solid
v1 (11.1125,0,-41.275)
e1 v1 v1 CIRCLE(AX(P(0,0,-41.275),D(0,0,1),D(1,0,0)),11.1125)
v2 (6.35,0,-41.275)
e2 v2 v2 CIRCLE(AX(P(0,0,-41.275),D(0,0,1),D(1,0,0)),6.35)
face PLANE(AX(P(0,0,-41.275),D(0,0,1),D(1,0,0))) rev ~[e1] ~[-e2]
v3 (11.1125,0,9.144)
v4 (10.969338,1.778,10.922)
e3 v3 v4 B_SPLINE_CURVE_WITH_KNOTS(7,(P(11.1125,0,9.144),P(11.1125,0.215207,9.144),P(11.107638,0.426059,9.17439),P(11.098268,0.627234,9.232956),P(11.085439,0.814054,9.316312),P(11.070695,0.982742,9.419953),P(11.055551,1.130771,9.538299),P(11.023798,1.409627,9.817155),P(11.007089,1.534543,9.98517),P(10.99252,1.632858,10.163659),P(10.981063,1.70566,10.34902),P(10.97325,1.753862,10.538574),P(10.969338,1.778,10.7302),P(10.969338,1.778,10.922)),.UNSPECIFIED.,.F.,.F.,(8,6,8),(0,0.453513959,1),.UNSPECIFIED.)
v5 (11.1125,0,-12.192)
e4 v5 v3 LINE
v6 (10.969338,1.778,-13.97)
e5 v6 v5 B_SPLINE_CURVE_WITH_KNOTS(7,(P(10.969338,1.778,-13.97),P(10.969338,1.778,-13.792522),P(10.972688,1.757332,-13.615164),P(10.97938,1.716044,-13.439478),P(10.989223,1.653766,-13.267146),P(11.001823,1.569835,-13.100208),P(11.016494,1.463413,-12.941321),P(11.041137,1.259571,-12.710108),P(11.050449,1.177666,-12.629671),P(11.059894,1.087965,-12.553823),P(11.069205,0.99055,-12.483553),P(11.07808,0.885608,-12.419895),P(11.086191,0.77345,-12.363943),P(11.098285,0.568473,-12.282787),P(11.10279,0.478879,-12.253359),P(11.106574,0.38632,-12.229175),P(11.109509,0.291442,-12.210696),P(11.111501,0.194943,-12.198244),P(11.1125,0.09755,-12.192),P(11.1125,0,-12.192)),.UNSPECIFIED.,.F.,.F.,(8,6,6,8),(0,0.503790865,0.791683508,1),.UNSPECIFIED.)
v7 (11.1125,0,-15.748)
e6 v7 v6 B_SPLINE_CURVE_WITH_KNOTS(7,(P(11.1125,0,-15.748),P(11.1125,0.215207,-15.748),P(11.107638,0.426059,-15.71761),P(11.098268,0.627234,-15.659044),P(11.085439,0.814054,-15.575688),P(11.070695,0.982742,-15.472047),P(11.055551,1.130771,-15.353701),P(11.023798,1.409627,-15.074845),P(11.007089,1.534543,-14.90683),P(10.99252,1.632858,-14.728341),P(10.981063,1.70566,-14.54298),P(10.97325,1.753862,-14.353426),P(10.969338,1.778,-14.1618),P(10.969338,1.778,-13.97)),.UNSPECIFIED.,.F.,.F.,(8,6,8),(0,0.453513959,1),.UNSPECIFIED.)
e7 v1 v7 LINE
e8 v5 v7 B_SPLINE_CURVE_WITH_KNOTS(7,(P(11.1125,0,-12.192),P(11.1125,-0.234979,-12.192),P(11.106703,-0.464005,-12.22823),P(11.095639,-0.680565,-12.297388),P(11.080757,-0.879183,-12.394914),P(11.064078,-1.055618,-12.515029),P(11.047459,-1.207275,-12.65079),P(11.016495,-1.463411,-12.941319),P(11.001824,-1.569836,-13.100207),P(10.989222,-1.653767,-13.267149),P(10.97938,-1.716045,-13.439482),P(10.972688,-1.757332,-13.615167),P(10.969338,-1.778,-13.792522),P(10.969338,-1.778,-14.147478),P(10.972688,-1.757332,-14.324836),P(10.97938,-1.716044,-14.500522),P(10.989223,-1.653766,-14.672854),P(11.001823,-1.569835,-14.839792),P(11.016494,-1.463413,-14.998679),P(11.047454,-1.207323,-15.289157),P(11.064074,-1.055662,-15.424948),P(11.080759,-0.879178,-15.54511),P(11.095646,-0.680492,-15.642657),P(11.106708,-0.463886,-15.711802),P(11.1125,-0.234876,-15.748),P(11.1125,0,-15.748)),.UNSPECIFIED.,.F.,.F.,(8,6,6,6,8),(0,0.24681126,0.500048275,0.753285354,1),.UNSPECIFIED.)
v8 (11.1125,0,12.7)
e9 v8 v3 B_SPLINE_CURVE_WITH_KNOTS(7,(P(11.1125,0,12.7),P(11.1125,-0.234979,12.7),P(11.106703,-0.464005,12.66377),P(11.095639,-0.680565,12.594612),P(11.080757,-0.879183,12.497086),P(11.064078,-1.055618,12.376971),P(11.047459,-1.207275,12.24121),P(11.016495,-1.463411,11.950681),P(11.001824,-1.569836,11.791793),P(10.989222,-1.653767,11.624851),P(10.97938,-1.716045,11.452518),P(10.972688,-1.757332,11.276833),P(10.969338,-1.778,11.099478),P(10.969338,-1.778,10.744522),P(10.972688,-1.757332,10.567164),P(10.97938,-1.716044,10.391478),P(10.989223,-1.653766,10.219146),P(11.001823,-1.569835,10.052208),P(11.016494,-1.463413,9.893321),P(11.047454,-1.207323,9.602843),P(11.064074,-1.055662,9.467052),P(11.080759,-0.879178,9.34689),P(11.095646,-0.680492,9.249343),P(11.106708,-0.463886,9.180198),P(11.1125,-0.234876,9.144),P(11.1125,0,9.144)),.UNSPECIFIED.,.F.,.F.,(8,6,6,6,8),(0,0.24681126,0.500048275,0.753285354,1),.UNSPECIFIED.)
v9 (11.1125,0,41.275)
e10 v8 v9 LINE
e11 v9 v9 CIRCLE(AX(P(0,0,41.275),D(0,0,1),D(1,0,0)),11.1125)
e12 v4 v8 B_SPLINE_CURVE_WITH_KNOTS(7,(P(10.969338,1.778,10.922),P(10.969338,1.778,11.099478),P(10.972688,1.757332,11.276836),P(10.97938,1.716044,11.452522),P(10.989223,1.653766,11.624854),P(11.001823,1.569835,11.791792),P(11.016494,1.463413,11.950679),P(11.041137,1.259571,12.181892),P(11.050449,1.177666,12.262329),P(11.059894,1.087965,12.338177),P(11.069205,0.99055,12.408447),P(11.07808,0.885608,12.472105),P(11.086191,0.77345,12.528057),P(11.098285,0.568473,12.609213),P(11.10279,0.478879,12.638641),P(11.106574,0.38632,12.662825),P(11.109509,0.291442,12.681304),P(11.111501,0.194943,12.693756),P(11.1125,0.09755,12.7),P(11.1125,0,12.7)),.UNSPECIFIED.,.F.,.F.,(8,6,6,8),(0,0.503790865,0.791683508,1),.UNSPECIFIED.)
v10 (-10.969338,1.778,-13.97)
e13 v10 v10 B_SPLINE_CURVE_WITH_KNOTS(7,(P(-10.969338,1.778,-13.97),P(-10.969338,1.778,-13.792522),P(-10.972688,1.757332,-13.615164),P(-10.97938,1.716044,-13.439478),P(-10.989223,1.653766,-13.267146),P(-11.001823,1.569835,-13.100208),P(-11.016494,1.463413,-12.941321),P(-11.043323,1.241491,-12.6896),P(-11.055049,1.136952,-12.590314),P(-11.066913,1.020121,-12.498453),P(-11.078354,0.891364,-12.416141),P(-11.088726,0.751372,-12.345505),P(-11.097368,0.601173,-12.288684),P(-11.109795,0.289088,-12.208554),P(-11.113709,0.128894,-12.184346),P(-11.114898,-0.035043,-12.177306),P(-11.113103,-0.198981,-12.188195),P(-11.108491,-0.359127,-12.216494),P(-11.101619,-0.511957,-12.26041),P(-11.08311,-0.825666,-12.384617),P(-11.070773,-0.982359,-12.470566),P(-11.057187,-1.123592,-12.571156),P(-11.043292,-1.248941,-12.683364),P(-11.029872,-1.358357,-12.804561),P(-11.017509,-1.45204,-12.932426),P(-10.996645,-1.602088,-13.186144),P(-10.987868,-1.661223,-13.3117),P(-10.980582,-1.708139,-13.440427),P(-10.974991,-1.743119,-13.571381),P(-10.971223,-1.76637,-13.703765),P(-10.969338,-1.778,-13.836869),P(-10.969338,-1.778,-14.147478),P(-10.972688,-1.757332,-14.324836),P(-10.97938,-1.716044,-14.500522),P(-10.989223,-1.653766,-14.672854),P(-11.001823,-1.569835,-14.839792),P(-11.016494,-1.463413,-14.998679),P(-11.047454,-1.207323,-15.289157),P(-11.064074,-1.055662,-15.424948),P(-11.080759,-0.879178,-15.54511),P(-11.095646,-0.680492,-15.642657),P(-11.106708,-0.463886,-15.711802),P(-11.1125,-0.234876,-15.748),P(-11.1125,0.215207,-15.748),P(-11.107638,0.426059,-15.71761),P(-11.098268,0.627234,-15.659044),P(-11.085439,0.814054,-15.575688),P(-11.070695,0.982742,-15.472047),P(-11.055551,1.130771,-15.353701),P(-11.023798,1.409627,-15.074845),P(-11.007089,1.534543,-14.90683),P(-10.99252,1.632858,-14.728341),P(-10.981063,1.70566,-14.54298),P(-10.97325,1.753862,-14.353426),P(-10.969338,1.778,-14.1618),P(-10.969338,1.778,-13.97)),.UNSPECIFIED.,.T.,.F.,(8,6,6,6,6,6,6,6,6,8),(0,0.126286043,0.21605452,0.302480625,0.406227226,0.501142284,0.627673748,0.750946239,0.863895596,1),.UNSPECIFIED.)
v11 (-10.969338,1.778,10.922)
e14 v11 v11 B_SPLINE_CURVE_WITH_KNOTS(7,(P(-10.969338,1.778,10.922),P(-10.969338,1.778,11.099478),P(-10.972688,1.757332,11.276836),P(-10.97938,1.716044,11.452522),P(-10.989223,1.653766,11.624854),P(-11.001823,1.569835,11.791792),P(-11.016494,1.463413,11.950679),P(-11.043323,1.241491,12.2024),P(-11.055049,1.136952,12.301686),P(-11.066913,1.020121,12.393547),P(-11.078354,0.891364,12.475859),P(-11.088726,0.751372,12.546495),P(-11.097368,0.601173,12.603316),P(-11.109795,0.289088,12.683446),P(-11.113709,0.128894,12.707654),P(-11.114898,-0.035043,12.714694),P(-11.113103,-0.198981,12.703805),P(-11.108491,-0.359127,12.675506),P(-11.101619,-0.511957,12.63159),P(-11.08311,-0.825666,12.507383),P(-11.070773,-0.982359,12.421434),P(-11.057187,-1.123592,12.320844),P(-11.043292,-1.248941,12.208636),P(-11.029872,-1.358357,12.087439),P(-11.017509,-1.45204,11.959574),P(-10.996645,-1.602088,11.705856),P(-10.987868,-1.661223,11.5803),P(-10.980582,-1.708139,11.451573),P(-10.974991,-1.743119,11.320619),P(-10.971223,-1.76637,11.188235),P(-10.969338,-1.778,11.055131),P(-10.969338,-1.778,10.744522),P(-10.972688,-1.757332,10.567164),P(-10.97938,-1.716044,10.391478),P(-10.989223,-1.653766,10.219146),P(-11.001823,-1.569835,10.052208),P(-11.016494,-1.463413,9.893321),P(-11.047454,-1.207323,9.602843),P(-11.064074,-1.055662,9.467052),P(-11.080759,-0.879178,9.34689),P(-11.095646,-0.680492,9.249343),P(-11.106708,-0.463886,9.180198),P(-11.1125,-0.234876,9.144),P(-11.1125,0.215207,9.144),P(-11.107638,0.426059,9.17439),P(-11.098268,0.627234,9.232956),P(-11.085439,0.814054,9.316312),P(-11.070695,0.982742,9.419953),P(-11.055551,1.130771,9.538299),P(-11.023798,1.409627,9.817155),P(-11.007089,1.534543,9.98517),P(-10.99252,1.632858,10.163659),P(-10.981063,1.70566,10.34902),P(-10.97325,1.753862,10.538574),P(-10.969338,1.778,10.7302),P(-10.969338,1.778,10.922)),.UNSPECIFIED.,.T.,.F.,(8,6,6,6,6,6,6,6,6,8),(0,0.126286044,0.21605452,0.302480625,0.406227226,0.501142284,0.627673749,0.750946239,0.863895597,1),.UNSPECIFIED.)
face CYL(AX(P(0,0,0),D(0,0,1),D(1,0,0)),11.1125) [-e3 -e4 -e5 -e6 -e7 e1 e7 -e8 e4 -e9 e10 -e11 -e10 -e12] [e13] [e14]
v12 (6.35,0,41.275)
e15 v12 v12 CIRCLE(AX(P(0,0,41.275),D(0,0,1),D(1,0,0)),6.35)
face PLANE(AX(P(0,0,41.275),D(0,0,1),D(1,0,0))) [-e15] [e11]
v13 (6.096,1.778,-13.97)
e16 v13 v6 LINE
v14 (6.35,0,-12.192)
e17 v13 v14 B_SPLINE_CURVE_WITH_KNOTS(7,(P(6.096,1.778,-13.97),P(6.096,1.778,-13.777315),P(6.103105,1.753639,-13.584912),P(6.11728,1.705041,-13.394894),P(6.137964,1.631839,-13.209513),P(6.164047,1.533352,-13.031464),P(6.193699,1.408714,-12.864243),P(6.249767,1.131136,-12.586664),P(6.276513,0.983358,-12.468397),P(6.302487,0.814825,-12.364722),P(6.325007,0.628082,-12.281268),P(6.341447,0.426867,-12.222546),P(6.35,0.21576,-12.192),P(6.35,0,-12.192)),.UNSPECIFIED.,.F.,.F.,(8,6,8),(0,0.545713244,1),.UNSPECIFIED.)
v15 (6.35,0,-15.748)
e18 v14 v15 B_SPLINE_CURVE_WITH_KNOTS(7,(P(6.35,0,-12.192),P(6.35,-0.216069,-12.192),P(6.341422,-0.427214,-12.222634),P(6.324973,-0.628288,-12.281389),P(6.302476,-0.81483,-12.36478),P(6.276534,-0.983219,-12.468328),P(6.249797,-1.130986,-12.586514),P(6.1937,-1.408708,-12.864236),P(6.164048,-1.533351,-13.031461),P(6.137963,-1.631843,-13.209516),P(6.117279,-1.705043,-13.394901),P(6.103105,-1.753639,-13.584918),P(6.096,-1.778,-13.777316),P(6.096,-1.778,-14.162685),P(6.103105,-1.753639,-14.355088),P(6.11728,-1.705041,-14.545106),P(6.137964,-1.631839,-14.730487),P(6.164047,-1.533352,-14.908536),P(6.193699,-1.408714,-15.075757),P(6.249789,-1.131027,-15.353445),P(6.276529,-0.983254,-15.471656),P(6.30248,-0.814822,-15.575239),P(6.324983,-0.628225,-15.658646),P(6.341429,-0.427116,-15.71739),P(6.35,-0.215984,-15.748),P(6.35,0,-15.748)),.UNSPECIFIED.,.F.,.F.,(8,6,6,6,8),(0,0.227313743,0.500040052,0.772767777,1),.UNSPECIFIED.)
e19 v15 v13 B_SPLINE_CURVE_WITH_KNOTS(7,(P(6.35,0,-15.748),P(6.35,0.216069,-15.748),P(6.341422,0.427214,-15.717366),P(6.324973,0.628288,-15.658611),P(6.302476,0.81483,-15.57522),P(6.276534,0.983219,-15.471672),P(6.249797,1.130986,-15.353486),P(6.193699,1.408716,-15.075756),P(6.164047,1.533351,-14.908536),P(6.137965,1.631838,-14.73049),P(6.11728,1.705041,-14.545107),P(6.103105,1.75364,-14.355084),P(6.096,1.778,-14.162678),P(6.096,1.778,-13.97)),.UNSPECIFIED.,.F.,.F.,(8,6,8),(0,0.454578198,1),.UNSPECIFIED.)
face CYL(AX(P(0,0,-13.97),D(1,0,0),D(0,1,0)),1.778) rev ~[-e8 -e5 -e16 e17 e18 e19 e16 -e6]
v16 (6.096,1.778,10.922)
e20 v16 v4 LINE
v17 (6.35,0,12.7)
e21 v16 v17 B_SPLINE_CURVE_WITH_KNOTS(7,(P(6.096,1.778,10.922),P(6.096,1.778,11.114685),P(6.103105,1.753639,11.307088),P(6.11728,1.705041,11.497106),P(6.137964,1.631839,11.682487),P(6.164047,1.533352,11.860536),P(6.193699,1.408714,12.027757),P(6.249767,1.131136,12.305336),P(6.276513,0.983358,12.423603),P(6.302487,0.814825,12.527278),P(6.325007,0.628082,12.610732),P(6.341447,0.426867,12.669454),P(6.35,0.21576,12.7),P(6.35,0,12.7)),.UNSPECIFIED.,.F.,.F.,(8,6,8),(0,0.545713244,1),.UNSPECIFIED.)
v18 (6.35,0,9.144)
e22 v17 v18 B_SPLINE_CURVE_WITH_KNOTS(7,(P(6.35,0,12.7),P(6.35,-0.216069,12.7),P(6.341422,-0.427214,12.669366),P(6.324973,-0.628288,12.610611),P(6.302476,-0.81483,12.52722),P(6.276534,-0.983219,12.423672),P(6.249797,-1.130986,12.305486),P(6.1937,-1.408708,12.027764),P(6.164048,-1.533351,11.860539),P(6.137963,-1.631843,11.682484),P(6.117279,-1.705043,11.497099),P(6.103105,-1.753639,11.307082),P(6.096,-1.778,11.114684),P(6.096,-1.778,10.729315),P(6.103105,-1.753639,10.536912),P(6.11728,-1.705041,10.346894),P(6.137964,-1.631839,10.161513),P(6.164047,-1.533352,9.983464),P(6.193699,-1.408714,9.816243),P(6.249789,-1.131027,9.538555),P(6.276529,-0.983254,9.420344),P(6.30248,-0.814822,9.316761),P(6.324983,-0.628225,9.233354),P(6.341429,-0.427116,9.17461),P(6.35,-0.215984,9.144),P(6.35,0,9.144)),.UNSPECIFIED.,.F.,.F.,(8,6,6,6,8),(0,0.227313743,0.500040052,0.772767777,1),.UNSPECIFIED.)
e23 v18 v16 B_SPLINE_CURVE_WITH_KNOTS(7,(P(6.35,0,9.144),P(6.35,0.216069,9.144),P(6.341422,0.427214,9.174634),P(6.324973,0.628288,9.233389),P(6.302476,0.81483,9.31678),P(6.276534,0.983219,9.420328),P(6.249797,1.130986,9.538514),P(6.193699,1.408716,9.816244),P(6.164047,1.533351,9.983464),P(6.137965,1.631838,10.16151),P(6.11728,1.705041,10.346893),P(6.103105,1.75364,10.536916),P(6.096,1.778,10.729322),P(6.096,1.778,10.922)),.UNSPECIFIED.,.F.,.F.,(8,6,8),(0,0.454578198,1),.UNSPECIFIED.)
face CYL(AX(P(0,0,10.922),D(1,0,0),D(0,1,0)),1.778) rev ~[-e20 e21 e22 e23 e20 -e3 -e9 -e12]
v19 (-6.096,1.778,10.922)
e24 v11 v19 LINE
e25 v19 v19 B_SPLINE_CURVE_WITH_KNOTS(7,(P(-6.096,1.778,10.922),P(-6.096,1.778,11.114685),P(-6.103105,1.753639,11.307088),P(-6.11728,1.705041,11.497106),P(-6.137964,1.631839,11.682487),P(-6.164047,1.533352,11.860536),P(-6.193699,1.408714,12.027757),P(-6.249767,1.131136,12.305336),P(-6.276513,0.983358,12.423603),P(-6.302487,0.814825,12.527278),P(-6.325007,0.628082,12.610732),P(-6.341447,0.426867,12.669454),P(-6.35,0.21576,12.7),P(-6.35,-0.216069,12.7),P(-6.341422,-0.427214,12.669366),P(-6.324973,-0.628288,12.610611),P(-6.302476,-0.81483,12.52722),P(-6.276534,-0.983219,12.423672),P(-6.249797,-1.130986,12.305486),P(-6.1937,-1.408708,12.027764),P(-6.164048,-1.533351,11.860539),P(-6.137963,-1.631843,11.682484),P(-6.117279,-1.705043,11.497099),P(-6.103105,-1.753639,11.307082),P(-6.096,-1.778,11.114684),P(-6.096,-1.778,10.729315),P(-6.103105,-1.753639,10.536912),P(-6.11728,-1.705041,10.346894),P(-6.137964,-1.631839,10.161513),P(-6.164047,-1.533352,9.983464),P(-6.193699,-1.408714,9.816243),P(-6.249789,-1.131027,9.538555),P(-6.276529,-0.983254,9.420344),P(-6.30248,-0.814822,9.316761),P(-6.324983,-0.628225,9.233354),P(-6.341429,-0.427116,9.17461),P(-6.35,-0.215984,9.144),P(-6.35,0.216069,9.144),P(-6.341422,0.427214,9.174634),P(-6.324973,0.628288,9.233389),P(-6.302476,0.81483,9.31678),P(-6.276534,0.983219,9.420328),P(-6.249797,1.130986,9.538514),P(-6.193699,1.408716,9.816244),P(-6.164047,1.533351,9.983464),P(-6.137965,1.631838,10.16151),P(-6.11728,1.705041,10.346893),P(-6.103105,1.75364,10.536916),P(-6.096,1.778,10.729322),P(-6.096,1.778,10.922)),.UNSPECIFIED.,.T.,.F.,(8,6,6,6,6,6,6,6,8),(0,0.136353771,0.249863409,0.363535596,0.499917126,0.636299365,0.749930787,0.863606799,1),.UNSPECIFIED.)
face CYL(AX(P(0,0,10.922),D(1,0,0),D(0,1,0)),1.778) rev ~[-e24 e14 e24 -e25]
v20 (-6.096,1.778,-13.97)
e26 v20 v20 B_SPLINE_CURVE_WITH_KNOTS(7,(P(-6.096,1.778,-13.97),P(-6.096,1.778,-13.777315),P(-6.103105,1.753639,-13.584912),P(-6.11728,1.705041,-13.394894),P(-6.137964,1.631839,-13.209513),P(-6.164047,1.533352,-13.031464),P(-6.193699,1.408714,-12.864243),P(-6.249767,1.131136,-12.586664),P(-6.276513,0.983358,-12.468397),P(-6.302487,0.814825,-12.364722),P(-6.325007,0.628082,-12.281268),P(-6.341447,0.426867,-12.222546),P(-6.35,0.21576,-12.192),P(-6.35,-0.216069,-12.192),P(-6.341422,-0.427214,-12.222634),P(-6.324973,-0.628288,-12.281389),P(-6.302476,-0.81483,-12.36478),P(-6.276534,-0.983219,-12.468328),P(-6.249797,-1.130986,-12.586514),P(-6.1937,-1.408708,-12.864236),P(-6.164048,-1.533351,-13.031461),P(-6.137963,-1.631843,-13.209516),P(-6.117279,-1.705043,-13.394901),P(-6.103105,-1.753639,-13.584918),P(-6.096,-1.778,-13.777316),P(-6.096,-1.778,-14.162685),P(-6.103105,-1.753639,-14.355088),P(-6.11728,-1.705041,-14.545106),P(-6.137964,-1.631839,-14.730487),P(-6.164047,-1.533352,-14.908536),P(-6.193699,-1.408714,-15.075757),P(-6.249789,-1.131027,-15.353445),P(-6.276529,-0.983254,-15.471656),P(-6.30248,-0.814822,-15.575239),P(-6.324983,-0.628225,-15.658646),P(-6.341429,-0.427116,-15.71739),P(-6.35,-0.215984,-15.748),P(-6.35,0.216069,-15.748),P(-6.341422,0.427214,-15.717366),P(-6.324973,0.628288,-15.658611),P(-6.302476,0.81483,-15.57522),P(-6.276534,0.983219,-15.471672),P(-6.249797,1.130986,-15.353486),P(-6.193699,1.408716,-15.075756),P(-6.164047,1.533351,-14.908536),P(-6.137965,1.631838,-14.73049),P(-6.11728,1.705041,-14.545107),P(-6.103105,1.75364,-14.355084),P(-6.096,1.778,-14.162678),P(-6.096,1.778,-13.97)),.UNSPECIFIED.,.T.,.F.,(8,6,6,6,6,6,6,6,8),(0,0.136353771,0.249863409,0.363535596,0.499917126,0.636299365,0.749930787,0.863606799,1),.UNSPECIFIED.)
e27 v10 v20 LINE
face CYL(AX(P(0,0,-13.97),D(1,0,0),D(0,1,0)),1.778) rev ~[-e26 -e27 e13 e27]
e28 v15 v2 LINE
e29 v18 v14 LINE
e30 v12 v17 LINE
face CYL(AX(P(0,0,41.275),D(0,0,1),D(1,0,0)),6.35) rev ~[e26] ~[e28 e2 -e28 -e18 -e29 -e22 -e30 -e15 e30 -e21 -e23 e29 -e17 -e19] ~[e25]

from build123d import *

# Parameters (mm, degrees)
F0_R     = 11.1125
F1_DEPTH = 41.275
F2_R     = 6.35
F3_DEPTH = 82.55
F4_R     = 1.778
F5_DEPTH = 11.1125
F6_R     = 1.778
F7_DEPTH = 11.1125


with BuildPart() as f1:
    # F0 (on Top) → F1 (new body, symmetric)
    with BuildSketch(Plane.XY):
        Circle(F0_R)
    extrude(amount=F1_DEPTH, both=True)

    # F2 (on face) → F3 (cut, through all)
    with BuildSketch(Plane.XY.offset(41.275)):
        Circle(F2_R)
    extrude(amount=-F3_DEPTH, mode=Mode.SUBTRACT)

    # F4 (on Right) → F5 (cut, symmetric)
    with BuildSketch(Plane.YZ):
        with Locations((0, 10.922)):
            Circle(F4_R)
    extrude(amount=F5_DEPTH, both=True, mode=Mode.SUBTRACT)

    # F6 (on Right) → F7 (cut, symmetric)
    with BuildSketch(Plane.YZ):
        with Locations((0, -13.97)):
            Circle(F6_R)
    extrude(amount=F7_DEPTH, both=True, mode=Mode.SUBTRACT)


solid = f1.part
